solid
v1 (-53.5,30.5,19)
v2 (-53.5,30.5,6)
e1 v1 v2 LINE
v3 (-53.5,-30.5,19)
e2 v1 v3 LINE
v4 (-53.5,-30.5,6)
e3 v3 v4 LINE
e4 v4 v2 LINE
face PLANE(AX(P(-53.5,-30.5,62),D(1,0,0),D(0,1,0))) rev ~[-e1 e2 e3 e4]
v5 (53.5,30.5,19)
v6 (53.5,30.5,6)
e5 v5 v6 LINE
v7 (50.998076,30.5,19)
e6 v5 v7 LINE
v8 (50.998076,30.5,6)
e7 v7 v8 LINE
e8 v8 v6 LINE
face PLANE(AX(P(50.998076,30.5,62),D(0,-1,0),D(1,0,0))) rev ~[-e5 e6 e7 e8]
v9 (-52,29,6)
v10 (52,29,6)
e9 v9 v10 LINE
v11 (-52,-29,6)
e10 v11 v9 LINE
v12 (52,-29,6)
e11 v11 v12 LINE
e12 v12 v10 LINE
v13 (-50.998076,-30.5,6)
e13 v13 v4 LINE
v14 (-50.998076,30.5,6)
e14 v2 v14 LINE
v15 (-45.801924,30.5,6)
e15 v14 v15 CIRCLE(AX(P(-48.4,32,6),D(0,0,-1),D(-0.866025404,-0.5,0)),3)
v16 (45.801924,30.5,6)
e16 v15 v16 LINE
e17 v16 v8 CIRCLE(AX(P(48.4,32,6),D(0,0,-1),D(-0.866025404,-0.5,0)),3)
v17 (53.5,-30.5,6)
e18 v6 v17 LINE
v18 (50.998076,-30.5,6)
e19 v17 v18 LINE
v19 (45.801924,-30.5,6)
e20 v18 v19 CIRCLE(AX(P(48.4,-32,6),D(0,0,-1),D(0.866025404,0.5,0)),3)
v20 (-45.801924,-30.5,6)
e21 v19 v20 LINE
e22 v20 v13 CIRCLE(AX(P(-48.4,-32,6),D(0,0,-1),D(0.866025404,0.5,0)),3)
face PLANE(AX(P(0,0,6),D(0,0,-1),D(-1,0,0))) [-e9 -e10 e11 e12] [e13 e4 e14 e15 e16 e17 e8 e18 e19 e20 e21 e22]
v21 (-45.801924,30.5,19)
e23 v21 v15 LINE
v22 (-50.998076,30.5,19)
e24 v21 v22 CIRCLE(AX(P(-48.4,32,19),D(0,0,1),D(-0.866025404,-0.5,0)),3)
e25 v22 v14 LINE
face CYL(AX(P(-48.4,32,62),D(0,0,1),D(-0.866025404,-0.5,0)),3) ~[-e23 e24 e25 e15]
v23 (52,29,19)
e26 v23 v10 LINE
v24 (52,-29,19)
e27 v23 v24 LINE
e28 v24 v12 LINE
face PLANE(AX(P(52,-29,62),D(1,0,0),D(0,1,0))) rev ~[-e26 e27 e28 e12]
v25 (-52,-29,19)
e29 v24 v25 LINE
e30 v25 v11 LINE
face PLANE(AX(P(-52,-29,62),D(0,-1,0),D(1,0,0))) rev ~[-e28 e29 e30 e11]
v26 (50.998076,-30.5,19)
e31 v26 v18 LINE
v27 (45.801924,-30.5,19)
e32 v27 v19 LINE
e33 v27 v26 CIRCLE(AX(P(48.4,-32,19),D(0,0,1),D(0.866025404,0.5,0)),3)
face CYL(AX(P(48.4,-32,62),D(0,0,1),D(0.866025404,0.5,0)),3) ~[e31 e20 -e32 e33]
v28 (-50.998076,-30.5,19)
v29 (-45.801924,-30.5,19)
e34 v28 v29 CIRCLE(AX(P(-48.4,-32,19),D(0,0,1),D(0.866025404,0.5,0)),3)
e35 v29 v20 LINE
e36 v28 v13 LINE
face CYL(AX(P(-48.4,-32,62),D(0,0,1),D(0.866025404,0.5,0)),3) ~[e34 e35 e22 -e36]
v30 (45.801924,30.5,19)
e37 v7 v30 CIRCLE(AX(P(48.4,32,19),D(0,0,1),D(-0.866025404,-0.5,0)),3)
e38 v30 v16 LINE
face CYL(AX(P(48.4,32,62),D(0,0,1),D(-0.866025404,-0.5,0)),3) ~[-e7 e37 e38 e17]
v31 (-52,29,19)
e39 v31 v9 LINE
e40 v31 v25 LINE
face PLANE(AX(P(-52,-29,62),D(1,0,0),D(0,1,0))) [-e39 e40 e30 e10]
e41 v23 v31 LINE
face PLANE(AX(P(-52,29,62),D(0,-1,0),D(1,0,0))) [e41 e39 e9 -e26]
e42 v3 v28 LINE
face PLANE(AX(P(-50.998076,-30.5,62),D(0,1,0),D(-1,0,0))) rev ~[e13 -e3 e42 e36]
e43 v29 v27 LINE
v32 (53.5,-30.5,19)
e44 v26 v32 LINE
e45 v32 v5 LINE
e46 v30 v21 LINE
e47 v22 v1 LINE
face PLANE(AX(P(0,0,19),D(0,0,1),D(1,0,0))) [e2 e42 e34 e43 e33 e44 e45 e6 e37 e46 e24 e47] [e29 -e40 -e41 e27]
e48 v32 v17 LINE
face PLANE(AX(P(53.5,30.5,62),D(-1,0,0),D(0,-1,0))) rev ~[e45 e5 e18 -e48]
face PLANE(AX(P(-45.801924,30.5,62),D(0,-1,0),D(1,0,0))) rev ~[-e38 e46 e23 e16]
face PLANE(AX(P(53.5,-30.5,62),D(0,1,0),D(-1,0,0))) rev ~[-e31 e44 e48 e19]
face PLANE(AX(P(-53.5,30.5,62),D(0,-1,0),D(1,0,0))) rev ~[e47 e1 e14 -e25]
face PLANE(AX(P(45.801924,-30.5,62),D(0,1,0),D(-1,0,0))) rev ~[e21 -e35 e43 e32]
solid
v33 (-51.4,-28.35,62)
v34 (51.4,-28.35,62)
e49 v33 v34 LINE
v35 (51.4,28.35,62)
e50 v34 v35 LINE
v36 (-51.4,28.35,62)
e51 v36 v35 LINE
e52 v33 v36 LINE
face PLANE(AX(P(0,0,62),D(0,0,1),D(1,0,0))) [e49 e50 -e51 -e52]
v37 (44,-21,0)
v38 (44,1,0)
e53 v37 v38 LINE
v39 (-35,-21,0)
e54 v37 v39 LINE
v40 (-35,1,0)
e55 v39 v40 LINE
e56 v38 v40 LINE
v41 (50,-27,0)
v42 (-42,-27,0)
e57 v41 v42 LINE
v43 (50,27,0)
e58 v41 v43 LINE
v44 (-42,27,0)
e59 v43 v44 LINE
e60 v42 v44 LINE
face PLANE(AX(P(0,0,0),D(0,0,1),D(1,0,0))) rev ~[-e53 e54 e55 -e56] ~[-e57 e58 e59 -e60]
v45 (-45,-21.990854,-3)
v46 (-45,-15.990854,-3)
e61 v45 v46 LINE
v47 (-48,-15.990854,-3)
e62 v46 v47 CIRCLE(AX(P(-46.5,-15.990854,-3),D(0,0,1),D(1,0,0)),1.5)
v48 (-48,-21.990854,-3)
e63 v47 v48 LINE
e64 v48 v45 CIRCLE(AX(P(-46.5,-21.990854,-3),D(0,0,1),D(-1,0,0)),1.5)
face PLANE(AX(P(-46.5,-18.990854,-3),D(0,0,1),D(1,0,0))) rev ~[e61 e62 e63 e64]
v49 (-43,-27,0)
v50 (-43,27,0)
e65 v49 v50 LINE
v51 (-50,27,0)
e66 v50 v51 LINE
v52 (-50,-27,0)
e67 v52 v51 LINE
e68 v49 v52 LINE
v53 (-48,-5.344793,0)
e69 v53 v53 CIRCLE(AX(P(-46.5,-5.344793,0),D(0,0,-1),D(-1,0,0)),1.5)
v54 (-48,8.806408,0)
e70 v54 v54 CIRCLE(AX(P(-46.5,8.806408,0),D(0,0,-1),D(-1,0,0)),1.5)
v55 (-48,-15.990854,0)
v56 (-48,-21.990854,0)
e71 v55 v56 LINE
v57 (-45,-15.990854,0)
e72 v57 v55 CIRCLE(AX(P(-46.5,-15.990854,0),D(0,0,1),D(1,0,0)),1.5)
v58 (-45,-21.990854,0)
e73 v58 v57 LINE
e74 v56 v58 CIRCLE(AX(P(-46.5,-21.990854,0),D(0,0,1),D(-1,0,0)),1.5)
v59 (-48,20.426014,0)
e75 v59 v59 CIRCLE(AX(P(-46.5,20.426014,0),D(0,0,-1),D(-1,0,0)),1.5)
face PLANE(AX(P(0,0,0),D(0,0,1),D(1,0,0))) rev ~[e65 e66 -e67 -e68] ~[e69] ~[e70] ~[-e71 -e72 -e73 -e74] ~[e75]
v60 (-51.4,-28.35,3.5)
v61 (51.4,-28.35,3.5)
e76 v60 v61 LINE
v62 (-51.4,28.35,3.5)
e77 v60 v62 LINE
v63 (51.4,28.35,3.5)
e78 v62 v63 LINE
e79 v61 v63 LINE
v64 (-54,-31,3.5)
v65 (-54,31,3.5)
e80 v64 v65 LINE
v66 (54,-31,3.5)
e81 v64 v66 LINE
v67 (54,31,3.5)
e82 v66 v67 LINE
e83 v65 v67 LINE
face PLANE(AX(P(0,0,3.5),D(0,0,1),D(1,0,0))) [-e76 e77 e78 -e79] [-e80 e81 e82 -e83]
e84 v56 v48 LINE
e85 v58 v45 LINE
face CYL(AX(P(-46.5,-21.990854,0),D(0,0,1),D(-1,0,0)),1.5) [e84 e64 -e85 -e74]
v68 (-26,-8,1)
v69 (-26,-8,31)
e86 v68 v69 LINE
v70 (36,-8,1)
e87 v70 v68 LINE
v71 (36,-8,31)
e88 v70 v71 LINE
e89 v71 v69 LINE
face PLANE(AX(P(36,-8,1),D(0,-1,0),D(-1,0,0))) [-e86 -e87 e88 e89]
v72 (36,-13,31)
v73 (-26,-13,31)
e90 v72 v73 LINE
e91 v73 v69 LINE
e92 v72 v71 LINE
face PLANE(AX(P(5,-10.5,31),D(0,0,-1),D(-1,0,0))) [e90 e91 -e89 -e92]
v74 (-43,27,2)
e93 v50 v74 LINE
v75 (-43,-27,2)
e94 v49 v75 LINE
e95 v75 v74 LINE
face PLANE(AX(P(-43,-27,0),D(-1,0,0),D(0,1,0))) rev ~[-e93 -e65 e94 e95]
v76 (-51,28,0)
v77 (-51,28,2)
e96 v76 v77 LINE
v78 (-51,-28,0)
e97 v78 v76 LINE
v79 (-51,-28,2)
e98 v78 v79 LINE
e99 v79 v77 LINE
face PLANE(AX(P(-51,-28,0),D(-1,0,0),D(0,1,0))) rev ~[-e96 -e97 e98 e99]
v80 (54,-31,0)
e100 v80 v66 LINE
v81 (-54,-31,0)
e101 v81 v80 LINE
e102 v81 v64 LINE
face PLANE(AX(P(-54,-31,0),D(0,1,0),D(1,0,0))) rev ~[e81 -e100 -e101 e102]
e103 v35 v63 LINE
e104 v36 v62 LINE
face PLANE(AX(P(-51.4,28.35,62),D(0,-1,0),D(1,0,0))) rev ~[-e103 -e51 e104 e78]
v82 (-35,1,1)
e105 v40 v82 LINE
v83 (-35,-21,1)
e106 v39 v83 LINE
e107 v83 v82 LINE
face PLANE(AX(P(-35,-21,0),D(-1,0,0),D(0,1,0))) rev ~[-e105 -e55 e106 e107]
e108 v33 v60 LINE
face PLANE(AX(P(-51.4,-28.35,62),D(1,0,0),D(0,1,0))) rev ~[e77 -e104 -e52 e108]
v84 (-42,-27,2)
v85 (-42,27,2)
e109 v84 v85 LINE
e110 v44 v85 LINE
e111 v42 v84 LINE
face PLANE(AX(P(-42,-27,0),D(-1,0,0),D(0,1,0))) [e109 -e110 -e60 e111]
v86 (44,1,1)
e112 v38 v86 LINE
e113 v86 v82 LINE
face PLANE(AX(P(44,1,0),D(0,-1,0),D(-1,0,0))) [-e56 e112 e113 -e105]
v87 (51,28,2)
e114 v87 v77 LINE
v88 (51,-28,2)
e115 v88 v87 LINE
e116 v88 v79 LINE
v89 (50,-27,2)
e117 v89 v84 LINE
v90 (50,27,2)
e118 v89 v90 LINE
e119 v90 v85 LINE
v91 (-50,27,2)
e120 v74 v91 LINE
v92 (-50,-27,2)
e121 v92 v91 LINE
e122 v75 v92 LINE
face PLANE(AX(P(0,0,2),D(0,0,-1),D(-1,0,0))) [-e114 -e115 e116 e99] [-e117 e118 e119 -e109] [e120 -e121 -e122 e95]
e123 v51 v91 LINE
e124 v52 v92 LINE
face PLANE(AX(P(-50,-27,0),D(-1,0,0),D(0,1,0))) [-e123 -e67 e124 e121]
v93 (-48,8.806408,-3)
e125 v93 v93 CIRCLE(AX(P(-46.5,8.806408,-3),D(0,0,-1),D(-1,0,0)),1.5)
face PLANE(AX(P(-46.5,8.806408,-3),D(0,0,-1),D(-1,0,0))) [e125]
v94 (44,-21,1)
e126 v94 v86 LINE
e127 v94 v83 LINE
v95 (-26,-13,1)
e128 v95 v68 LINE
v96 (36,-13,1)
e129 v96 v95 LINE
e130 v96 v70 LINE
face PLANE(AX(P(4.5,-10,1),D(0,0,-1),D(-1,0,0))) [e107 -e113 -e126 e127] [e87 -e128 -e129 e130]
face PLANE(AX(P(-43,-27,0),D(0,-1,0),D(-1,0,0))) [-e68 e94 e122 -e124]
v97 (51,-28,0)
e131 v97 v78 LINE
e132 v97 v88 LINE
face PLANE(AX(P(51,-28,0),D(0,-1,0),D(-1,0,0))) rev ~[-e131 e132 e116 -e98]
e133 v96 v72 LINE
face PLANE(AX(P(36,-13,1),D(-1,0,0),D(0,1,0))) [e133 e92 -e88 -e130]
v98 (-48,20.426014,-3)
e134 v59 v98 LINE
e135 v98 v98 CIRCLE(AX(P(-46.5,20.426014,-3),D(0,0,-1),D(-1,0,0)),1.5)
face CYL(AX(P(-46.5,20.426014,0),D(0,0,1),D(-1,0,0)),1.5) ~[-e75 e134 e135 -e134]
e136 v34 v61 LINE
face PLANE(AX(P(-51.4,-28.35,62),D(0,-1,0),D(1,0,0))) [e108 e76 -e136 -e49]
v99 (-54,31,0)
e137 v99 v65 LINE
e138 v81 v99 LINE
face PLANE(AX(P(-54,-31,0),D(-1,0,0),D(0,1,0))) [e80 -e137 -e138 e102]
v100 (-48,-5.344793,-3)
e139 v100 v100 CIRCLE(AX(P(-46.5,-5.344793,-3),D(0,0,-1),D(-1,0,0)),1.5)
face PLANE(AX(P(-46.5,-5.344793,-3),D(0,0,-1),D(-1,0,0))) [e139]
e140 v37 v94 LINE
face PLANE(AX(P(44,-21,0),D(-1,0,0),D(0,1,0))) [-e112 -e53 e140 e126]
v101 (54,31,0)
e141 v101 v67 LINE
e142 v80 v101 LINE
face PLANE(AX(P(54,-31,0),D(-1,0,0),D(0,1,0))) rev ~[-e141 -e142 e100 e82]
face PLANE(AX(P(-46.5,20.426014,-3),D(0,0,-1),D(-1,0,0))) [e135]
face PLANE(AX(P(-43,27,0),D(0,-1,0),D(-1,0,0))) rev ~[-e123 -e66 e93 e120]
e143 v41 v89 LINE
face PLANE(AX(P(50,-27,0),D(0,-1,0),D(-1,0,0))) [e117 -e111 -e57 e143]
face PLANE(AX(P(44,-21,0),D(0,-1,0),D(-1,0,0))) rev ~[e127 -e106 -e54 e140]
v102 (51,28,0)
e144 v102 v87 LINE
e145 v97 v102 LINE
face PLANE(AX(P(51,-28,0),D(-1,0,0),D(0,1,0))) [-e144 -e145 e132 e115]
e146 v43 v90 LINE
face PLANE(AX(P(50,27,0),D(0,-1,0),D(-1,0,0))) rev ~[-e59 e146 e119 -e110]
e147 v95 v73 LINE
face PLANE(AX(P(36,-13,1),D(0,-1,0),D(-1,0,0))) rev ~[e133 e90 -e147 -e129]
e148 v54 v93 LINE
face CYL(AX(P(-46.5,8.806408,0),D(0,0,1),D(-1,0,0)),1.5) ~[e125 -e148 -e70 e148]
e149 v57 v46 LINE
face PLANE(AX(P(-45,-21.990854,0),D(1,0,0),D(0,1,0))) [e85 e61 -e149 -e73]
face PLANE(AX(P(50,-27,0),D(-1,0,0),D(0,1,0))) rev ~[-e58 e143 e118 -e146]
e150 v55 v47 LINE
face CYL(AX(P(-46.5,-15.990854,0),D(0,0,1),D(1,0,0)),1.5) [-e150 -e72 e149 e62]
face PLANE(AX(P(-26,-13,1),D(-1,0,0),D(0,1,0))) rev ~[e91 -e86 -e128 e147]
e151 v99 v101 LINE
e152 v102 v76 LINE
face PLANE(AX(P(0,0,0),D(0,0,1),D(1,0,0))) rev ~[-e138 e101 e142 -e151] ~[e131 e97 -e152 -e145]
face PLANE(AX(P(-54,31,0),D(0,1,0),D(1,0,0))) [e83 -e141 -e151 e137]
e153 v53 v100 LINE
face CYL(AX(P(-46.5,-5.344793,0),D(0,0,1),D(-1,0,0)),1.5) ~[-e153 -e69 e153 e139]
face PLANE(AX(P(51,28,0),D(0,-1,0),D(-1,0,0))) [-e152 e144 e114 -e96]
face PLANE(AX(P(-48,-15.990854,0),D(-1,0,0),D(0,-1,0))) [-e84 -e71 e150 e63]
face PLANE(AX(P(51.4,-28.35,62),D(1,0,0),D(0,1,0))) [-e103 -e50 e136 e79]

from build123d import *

# Parameters (mm, degrees)
SKETCH_1_W           = 108
SKETCH_1_H           = 62
EXTRUDE_1_DEPTH      = 62
SKETCH_2_OUTSIDE_W   = 137.822
SKETCH_2_OUTSIDE_H   = 91.822
SKETCH_2_OUTSIDE_W_2 = 102.8
SKETCH_2_OUTSIDE_H_2 = 56.7
CUT_EXTRUDE_1_DEPTH  = 58.5
SKETCH_3_W           = 79
SKETCH_3_H           = 22
CUT_EXTRUDE_2_DEPTH  = 1
SKETCH_4_W           = 62
SKETCH_4_H           = 5
CUT_EXTRUDE_3_DEPTH  = 30
SKETCH_5_W           = 102
SKETCH_5_H           = 56
SKETCH_5_W_2         = 7
SKETCH_5_H_2         = 54
SKETCH_5_W_3         = 92
CUT_EXTRUDE_4_DEPTH  = 2
SKETCH_6_R           = 1.5
EXTRUDE_2_DEPTH      = 3
SKETCH_7_W           = 104
SKETCH_7_H           = 58
EXTRUDE_4_DEPTH      = 56
SKETCH_8_OUTSIDE_W   = 138.836
SKETCH_8_OUTSIDE_H   = 100.836
SKETCH_8_OUTSIDE_W_2 = 102.8
SKETCH_8_OUTSIDE_H_2 = 56.7
CUT_EXTRUDE_5_DEPTH  = 43


with BuildPart() as part:
    # 草图1 → 凸台-拉伸1 (new body)
    with BuildSketch(Plane.XY):
        Rectangle(SKETCH_1_W, SKETCH_1_H)
    extrude(amount=EXTRUDE_1_DEPTH)

    # 草图2 outside → 切除-拉伸1 (cut)
    with BuildSketch(Plane.XY.offset(62)):
        Rectangle(SKETCH_2_OUTSIDE_W, SKETCH_2_OUTSIDE_H)
        Rectangle(SKETCH_2_OUTSIDE_W_2, SKETCH_2_OUTSIDE_H_2, mode=Mode.SUBTRACT)
    extrude(amount=-CUT_EXTRUDE_1_DEPTH, mode=Mode.SUBTRACT)

    # 草图3 → 切除-拉伸2 (cut)
    with BuildSketch(Plane(origin=(0, 0, 0), x_dir=(-1, 0, 0), z_dir=(0, 0, -1))):
        with Locations((-4.5, -10)):
            Rectangle(SKETCH_3_W, SKETCH_3_H)
    extrude(amount=-CUT_EXTRUDE_2_DEPTH, mode=Mode.SUBTRACT)

    # 草图4 → 切除-拉伸3 (cut)
    with BuildSketch(Plane(origin=(0, 0, 1), x_dir=(-1, 0, 0), z_dir=(0, 0, -1))):
        with Locations((-5, -10.5)):
            Rectangle(SKETCH_4_W, SKETCH_4_H)
    extrude(amount=-CUT_EXTRUDE_3_DEPTH, mode=Mode.SUBTRACT)

    # 草图5 → 切除-拉伸4 (cut)
    with BuildSketch(Plane(origin=(0, 0, 0), x_dir=(-1, 0, 0), z_dir=(0, 0, -1))):
        Rectangle(SKETCH_5_W, SKETCH_5_H)
        with Locations((46.5, 0)):
            Rectangle(SKETCH_5_W_2, SKETCH_5_H_2, mode=Mode.SUBTRACT)
        with Locations((-4, 0)):
            Rectangle(SKETCH_5_W_3, SKETCH_5_H_2, mode=Mode.SUBTRACT)
    extrude(amount=-CUT_EXTRUDE_4_DEPTH, mode=Mode.SUBTRACT)

    # 草图6 → 凸台-拉伸2 (add)
    with BuildSketch(Plane(origin=(0, 0, 0), x_dir=(-1, 0, 0), z_dir=(0, 0, -1))):
        with Locations((46.5, 20.426014391)):
            Circle(SKETCH_6_R)
        with Locations((46.5, 8.806407589)):
            Circle(SKETCH_6_R)
        with Locations((46.5, -5.34479317)):
            Circle(SKETCH_6_R)
        with BuildLine():
            Line((48, -15.990853784), (48, -21.990853784))
            ThreePointArc((48, -21.990853784), (46.5, -23.490853784), (45, -21.990853784))
            Line((45, -21.990853784), (45, -15.990853784))
            ThreePointArc((45, -15.990853784), (46.5, -14.490853784), (48, -15.990853784))
        make_face()
    extrude(amount=EXTRUDE_2_DEPTH)


with BuildPart() as body_2:
    # 草图7 → 凸台-拉伸4 (new body)
    with BuildSketch(Plane.XY.offset(62)):
        with BuildLine():
            Line((-50.998076211, -30.5), (-53.5, -30.5))
            Line((-53.5, -30.5), (-53.5, 30.5))
            Line((-53.5, 30.5), (-50.998076211, 30.5))
            ThreePointArc((-50.998076211, 30.5), (-48.4, 35), (-45.801923789, 30.5))
            Line((-45.801923789, 30.5), (45.801923789, 30.5))
            ThreePointArc((45.801923789, 30.5), (48.4, 35), (50.998076211, 30.5))
            Line((50.998076211, 30.5), (53.5, 30.5))
            Line((53.5, 30.5), (53.5, -30.5))
            Line((53.5, -30.5), (50.998076211, -30.5))
            ThreePointArc((50.998076211, -30.5), (48.4, -35), (45.801923789, -30.5))
            Line((45.801923789, -30.5), (-45.801923789, -30.5))
            ThreePointArc((-45.801923789, -30.5), (-48.4, -35), (-50.998076211, -30.5))
        make_face()
        Rectangle(SKETCH_7_W, SKETCH_7_H, mode=Mode.SUBTRACT)
    extrude(amount=-EXTRUDE_4_DEPTH)

    # 草图8 outside → 切除-拉伸5 (cut)
    with BuildSketch(Plane.XY.offset(62)):
        Rectangle(SKETCH_8_OUTSIDE_W, SKETCH_8_OUTSIDE_H)
        Rectangle(SKETCH_8_OUTSIDE_W_2, SKETCH_8_OUTSIDE_H_2, mode=Mode.SUBTRACT)
    extrude(amount=-CUT_EXTRUDE_5_DEPTH, mode=Mode.SUBTRACT)


solid = Compound([part.part, body_2.part])
